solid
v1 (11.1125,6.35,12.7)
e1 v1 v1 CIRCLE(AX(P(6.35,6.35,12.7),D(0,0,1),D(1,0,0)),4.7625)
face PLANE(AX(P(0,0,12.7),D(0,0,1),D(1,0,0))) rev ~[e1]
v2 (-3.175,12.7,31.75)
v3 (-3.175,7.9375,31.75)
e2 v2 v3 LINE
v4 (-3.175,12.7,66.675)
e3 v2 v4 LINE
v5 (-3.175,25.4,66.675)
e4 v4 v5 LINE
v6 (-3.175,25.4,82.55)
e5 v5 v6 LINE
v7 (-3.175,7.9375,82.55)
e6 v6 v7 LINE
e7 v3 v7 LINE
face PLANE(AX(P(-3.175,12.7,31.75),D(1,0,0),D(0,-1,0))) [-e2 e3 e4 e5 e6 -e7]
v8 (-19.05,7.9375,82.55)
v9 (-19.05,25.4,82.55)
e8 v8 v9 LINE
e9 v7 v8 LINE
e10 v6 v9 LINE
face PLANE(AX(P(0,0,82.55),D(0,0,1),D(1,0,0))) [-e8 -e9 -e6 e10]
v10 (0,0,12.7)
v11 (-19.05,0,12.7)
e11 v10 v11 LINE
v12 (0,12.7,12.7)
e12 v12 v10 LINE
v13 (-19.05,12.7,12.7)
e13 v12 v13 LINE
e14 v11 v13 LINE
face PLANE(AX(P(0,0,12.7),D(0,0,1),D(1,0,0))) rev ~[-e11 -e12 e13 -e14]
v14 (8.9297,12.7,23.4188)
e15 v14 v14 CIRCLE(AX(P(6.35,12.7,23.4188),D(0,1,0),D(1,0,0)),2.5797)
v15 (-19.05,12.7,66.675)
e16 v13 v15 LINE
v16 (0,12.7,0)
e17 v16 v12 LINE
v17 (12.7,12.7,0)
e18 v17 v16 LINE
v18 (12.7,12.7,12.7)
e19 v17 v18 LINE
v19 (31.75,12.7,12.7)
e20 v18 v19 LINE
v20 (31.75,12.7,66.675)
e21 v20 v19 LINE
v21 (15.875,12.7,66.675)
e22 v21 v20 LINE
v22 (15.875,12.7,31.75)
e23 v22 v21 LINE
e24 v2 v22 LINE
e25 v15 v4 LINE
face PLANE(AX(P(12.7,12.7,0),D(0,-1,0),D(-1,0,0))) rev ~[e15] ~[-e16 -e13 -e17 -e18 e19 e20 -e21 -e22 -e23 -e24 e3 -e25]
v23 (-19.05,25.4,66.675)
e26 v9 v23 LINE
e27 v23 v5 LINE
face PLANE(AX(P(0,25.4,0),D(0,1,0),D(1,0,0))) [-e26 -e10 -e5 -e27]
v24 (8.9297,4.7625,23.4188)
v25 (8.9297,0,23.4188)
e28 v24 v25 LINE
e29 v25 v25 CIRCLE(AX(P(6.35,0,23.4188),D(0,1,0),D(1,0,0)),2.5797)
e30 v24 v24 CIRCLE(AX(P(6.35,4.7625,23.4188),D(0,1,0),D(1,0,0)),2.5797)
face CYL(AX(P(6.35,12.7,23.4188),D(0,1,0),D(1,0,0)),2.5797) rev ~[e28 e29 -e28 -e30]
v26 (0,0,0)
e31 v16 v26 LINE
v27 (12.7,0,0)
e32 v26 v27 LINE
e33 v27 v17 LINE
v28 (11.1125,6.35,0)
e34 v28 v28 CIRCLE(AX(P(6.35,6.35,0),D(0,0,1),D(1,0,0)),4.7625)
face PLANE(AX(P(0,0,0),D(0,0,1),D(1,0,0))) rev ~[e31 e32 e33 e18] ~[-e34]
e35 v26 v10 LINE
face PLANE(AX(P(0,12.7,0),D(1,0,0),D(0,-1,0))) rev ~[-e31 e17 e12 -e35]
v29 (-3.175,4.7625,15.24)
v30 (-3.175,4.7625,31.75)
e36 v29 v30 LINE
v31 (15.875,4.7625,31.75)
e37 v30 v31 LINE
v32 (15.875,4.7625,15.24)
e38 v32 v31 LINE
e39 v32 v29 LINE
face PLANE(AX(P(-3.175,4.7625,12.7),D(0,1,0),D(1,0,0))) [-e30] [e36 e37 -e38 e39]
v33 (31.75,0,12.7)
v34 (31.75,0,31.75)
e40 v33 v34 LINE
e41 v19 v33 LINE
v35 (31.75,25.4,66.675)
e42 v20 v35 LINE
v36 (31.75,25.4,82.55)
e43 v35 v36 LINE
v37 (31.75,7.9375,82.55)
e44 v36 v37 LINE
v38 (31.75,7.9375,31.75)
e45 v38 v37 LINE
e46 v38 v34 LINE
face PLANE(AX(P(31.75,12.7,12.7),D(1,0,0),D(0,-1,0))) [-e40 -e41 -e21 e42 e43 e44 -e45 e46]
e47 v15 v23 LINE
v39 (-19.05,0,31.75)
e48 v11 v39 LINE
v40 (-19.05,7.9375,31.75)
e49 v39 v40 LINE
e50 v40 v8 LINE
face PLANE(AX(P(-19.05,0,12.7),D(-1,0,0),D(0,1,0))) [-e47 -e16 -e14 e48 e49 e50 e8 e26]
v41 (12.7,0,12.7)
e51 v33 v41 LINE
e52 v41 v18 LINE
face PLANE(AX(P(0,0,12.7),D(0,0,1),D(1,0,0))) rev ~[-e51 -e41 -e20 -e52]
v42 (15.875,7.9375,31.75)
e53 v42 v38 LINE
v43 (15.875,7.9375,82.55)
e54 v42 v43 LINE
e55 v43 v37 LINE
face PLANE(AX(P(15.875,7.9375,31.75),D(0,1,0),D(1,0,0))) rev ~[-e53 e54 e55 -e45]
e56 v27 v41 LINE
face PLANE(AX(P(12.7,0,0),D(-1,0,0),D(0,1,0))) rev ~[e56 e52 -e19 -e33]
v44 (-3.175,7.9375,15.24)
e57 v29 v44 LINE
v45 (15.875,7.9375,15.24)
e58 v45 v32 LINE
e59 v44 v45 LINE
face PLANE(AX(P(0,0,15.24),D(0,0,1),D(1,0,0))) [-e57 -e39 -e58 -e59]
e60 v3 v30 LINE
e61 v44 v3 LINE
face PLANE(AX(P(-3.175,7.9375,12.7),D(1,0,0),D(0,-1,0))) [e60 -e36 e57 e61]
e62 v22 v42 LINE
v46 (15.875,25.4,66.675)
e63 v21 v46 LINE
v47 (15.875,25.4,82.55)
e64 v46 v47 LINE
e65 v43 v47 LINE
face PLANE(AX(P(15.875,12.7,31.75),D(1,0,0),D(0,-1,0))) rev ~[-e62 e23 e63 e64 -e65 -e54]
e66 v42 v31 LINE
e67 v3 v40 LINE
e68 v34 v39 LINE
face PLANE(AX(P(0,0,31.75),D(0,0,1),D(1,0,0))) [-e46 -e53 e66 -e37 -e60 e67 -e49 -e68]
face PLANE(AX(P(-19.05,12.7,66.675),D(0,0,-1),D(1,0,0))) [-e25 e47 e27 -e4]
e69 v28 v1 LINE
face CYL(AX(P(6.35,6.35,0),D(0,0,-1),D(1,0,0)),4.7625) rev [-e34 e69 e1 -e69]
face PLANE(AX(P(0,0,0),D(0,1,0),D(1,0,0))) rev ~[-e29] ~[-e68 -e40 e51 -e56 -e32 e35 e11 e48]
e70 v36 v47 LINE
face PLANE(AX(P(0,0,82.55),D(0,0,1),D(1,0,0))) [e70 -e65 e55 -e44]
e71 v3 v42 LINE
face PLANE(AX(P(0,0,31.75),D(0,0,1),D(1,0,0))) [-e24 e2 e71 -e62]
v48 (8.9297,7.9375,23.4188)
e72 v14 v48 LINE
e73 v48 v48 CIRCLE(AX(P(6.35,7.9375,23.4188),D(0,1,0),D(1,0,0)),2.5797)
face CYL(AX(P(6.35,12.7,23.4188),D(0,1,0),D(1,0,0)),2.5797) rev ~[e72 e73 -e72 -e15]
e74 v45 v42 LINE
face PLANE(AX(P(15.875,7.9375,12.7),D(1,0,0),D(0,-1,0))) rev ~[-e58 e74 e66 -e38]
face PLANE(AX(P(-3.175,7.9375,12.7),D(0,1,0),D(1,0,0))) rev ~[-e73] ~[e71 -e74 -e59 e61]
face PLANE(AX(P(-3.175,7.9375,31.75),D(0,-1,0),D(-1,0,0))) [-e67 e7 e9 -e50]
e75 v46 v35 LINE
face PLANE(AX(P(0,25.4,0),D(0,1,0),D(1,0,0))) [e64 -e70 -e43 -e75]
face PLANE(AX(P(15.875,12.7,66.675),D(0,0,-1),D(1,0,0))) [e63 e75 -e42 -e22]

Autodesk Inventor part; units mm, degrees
ref_plane "YZ Plane" through (0, 0, 0) normal (1, 0, 0) x (0, 1, 0)
ref_plane "XZ Plane" through (0, 0, 0) normal (0, 1, 0) x (-1, 0, 0)
ref_plane "XY Plane" through (0, 0, 0) normal (0, 0, 1) x (1, 0, 0)
sketch "Sketch1" plane through (0, 0, 0) normal (0, 0, 1) x (1, 0, 0)
  line L0 (0, 0) -> (12.7, 0)
  line L1 (12.7, 0) -> (12.7, 12.7)
  line L2 (12.7, 12.7) -> (0, 12.7)
  line L3 (0, 12.7) -> (0, 0)
  circle A0 centre (6.35, 6.35) radius 4.7625
  dimension "d0" = 12.7
  dimension "d1" = 12.7
  dimension "d2" = 9.525
extrude "Extrusion1" add sketch "Sketch1" along normal blind 12.7
sketch "Sketch2" plane through (0, 0, 12.7) normal (0, 0, 1) x (1, 0, 0)
  line L0 (12.7, 12.7) -> (0, 12.7) projected
  line L1 (0, 12.7) -> (-19.05, 12.7)
  line L2 (0, 12.7) -> (31.75, 12.7)
  line L3 (31.75, 12.7) -> (31.75, 0)
  line L4 (31.75, 0) -> (-19.05, 0)
  line L5 (-19.05, 0) -> (-19.05, 12.7)
  line L6 (-3.175, 7.9375) -> (15.875, 7.9375)
  line L7 (-3.175, 4.7625) -> (15.875, 4.7625)
  line L8 (15.875, 7.9375) -> (15.875, 4.7625)
  line L9 (-3.175, 7.9375) -> (-3.175, 4.7625)
  point P0 (0, 0)
  dimension "d5" = 19.05
  dimension "d6" = 31.75
extrude "Extrusion2" add sketch "Sketch2" along normal blind 19.05
sketch "Sketch3" plane through (0, 0, 12.7) normal (0, 0, 1) x (1, 0, 0)
  line L0 (-3.175, 7.9375) -> (15.875, 7.9375) projected
  line L1 (15.875, 4.7625) -> (-3.175, 4.7625) projected
  line L2 (-3.175, 7.9375) -> (15.875, 7.9375)
  line L3 (15.875, 7.9375) -> (15.875, 4.7625)
  line L4 (15.875, 4.7625) -> (-3.175, 4.7625)
  line L5 (-3.175, 4.7625) -> (-3.175, 7.9375)
  point P0 (0, 0)
extrude "Extrusion3" add sketch "Sketch3" along normal blind 2.54
sketch "Sketch4" plane through (0, 12.7, 0) normal (0, 1, 0) x (1, 0, 0)
  line L0 (-3.175, -31.75) -> (15.875, -31.75) projected
  line L1 (6.35, -31.75) -> (6.35, -23.4188) construction
  circle A0 centre (6.35, -23.4188) radius 2.5797
  point P0 (0, 0)
  dimension "d15" = 8.3312
  dimension "d16" = 5.1594
extrude "Extrusion4" cut sketch "Sketch4" against normal blind 20.0025
sketch "Sketch5" plane through (0, 0, 31.75) normal (0, 0, 1) x (1, 0, 0)
  line L0 (-3.175, 4.7625) -> (-3.175, 7.9375) projected
  line L1 (-19.05, 12.7) -> (-19.05, 0) projected
  line L2 (-3.175, 7.9375) -> (-19.05, 7.9375)
  line L3 (-19.05, 7.9375) -> (-19.05, 12.7)
  line L4 (-19.05, 12.7) -> (-3.175, 12.7)
  line L5 (-3.175, 12.7) -> (-3.175, 7.9375)
  line L6 (-3.175, 7.9375) -> (15.875, 7.9375) projected
  line L7 (31.75, 12.7) -> (-19.05, 12.7) projected
  line L8 (15.875, 7.9375) -> (31.75, 7.9375)
  line L9 (31.75, 7.9375) -> (31.75, 12.7)
  line L10 (31.75, 12.7) -> (15.875, 12.7)
  line L11 (15.875, 12.7) -> (15.875, 7.9375)
  point P0 (0, 0)
extrude "Extrusion5" add sketch "Sketch5" along normal blind 50.8 contours L4 L5 L2 L1 | L7 L9 L8 L11
sketch "Sketch6" plane through (0, 12.7, 0) normal (0, 1, 0) x (1, 0, 0)
  line L0 (-3.175, -82.55) -> (-19.05, -82.55) projected
  line L1 (-3.175, -82.55) -> (-19.05, -82.55)
  line L2 (-19.05, -82.55) -> (-19.05, -66.675)
  line L3 (-19.05, -66.675) -> (-3.175, -66.675)
  line L4 (-3.175, -66.675) -> (-3.175, -82.55)
  line L5 (31.75, -12.7) -> (31.75, -82.55) projected
  line L6 (15.875, -31.75) -> (15.875, -82.55) projected
  line L7 (31.75, -82.55) -> (15.875, -82.55)
  line L8 (15.875, -82.55) -> (15.875, -66.675)
  line L9 (15.875, -66.675) -> (31.75, -66.675)
  line L10 (31.75, -66.675) -> (31.75, -82.55)
  point P0 (0, 0)
  dimension "d21" = 15.875
  dimension "d22" = 15.875
extrude "Extrusion6" add sketch "Sketch6" along normal blind 12.7
properties part number "3D Printed Y-piece"
